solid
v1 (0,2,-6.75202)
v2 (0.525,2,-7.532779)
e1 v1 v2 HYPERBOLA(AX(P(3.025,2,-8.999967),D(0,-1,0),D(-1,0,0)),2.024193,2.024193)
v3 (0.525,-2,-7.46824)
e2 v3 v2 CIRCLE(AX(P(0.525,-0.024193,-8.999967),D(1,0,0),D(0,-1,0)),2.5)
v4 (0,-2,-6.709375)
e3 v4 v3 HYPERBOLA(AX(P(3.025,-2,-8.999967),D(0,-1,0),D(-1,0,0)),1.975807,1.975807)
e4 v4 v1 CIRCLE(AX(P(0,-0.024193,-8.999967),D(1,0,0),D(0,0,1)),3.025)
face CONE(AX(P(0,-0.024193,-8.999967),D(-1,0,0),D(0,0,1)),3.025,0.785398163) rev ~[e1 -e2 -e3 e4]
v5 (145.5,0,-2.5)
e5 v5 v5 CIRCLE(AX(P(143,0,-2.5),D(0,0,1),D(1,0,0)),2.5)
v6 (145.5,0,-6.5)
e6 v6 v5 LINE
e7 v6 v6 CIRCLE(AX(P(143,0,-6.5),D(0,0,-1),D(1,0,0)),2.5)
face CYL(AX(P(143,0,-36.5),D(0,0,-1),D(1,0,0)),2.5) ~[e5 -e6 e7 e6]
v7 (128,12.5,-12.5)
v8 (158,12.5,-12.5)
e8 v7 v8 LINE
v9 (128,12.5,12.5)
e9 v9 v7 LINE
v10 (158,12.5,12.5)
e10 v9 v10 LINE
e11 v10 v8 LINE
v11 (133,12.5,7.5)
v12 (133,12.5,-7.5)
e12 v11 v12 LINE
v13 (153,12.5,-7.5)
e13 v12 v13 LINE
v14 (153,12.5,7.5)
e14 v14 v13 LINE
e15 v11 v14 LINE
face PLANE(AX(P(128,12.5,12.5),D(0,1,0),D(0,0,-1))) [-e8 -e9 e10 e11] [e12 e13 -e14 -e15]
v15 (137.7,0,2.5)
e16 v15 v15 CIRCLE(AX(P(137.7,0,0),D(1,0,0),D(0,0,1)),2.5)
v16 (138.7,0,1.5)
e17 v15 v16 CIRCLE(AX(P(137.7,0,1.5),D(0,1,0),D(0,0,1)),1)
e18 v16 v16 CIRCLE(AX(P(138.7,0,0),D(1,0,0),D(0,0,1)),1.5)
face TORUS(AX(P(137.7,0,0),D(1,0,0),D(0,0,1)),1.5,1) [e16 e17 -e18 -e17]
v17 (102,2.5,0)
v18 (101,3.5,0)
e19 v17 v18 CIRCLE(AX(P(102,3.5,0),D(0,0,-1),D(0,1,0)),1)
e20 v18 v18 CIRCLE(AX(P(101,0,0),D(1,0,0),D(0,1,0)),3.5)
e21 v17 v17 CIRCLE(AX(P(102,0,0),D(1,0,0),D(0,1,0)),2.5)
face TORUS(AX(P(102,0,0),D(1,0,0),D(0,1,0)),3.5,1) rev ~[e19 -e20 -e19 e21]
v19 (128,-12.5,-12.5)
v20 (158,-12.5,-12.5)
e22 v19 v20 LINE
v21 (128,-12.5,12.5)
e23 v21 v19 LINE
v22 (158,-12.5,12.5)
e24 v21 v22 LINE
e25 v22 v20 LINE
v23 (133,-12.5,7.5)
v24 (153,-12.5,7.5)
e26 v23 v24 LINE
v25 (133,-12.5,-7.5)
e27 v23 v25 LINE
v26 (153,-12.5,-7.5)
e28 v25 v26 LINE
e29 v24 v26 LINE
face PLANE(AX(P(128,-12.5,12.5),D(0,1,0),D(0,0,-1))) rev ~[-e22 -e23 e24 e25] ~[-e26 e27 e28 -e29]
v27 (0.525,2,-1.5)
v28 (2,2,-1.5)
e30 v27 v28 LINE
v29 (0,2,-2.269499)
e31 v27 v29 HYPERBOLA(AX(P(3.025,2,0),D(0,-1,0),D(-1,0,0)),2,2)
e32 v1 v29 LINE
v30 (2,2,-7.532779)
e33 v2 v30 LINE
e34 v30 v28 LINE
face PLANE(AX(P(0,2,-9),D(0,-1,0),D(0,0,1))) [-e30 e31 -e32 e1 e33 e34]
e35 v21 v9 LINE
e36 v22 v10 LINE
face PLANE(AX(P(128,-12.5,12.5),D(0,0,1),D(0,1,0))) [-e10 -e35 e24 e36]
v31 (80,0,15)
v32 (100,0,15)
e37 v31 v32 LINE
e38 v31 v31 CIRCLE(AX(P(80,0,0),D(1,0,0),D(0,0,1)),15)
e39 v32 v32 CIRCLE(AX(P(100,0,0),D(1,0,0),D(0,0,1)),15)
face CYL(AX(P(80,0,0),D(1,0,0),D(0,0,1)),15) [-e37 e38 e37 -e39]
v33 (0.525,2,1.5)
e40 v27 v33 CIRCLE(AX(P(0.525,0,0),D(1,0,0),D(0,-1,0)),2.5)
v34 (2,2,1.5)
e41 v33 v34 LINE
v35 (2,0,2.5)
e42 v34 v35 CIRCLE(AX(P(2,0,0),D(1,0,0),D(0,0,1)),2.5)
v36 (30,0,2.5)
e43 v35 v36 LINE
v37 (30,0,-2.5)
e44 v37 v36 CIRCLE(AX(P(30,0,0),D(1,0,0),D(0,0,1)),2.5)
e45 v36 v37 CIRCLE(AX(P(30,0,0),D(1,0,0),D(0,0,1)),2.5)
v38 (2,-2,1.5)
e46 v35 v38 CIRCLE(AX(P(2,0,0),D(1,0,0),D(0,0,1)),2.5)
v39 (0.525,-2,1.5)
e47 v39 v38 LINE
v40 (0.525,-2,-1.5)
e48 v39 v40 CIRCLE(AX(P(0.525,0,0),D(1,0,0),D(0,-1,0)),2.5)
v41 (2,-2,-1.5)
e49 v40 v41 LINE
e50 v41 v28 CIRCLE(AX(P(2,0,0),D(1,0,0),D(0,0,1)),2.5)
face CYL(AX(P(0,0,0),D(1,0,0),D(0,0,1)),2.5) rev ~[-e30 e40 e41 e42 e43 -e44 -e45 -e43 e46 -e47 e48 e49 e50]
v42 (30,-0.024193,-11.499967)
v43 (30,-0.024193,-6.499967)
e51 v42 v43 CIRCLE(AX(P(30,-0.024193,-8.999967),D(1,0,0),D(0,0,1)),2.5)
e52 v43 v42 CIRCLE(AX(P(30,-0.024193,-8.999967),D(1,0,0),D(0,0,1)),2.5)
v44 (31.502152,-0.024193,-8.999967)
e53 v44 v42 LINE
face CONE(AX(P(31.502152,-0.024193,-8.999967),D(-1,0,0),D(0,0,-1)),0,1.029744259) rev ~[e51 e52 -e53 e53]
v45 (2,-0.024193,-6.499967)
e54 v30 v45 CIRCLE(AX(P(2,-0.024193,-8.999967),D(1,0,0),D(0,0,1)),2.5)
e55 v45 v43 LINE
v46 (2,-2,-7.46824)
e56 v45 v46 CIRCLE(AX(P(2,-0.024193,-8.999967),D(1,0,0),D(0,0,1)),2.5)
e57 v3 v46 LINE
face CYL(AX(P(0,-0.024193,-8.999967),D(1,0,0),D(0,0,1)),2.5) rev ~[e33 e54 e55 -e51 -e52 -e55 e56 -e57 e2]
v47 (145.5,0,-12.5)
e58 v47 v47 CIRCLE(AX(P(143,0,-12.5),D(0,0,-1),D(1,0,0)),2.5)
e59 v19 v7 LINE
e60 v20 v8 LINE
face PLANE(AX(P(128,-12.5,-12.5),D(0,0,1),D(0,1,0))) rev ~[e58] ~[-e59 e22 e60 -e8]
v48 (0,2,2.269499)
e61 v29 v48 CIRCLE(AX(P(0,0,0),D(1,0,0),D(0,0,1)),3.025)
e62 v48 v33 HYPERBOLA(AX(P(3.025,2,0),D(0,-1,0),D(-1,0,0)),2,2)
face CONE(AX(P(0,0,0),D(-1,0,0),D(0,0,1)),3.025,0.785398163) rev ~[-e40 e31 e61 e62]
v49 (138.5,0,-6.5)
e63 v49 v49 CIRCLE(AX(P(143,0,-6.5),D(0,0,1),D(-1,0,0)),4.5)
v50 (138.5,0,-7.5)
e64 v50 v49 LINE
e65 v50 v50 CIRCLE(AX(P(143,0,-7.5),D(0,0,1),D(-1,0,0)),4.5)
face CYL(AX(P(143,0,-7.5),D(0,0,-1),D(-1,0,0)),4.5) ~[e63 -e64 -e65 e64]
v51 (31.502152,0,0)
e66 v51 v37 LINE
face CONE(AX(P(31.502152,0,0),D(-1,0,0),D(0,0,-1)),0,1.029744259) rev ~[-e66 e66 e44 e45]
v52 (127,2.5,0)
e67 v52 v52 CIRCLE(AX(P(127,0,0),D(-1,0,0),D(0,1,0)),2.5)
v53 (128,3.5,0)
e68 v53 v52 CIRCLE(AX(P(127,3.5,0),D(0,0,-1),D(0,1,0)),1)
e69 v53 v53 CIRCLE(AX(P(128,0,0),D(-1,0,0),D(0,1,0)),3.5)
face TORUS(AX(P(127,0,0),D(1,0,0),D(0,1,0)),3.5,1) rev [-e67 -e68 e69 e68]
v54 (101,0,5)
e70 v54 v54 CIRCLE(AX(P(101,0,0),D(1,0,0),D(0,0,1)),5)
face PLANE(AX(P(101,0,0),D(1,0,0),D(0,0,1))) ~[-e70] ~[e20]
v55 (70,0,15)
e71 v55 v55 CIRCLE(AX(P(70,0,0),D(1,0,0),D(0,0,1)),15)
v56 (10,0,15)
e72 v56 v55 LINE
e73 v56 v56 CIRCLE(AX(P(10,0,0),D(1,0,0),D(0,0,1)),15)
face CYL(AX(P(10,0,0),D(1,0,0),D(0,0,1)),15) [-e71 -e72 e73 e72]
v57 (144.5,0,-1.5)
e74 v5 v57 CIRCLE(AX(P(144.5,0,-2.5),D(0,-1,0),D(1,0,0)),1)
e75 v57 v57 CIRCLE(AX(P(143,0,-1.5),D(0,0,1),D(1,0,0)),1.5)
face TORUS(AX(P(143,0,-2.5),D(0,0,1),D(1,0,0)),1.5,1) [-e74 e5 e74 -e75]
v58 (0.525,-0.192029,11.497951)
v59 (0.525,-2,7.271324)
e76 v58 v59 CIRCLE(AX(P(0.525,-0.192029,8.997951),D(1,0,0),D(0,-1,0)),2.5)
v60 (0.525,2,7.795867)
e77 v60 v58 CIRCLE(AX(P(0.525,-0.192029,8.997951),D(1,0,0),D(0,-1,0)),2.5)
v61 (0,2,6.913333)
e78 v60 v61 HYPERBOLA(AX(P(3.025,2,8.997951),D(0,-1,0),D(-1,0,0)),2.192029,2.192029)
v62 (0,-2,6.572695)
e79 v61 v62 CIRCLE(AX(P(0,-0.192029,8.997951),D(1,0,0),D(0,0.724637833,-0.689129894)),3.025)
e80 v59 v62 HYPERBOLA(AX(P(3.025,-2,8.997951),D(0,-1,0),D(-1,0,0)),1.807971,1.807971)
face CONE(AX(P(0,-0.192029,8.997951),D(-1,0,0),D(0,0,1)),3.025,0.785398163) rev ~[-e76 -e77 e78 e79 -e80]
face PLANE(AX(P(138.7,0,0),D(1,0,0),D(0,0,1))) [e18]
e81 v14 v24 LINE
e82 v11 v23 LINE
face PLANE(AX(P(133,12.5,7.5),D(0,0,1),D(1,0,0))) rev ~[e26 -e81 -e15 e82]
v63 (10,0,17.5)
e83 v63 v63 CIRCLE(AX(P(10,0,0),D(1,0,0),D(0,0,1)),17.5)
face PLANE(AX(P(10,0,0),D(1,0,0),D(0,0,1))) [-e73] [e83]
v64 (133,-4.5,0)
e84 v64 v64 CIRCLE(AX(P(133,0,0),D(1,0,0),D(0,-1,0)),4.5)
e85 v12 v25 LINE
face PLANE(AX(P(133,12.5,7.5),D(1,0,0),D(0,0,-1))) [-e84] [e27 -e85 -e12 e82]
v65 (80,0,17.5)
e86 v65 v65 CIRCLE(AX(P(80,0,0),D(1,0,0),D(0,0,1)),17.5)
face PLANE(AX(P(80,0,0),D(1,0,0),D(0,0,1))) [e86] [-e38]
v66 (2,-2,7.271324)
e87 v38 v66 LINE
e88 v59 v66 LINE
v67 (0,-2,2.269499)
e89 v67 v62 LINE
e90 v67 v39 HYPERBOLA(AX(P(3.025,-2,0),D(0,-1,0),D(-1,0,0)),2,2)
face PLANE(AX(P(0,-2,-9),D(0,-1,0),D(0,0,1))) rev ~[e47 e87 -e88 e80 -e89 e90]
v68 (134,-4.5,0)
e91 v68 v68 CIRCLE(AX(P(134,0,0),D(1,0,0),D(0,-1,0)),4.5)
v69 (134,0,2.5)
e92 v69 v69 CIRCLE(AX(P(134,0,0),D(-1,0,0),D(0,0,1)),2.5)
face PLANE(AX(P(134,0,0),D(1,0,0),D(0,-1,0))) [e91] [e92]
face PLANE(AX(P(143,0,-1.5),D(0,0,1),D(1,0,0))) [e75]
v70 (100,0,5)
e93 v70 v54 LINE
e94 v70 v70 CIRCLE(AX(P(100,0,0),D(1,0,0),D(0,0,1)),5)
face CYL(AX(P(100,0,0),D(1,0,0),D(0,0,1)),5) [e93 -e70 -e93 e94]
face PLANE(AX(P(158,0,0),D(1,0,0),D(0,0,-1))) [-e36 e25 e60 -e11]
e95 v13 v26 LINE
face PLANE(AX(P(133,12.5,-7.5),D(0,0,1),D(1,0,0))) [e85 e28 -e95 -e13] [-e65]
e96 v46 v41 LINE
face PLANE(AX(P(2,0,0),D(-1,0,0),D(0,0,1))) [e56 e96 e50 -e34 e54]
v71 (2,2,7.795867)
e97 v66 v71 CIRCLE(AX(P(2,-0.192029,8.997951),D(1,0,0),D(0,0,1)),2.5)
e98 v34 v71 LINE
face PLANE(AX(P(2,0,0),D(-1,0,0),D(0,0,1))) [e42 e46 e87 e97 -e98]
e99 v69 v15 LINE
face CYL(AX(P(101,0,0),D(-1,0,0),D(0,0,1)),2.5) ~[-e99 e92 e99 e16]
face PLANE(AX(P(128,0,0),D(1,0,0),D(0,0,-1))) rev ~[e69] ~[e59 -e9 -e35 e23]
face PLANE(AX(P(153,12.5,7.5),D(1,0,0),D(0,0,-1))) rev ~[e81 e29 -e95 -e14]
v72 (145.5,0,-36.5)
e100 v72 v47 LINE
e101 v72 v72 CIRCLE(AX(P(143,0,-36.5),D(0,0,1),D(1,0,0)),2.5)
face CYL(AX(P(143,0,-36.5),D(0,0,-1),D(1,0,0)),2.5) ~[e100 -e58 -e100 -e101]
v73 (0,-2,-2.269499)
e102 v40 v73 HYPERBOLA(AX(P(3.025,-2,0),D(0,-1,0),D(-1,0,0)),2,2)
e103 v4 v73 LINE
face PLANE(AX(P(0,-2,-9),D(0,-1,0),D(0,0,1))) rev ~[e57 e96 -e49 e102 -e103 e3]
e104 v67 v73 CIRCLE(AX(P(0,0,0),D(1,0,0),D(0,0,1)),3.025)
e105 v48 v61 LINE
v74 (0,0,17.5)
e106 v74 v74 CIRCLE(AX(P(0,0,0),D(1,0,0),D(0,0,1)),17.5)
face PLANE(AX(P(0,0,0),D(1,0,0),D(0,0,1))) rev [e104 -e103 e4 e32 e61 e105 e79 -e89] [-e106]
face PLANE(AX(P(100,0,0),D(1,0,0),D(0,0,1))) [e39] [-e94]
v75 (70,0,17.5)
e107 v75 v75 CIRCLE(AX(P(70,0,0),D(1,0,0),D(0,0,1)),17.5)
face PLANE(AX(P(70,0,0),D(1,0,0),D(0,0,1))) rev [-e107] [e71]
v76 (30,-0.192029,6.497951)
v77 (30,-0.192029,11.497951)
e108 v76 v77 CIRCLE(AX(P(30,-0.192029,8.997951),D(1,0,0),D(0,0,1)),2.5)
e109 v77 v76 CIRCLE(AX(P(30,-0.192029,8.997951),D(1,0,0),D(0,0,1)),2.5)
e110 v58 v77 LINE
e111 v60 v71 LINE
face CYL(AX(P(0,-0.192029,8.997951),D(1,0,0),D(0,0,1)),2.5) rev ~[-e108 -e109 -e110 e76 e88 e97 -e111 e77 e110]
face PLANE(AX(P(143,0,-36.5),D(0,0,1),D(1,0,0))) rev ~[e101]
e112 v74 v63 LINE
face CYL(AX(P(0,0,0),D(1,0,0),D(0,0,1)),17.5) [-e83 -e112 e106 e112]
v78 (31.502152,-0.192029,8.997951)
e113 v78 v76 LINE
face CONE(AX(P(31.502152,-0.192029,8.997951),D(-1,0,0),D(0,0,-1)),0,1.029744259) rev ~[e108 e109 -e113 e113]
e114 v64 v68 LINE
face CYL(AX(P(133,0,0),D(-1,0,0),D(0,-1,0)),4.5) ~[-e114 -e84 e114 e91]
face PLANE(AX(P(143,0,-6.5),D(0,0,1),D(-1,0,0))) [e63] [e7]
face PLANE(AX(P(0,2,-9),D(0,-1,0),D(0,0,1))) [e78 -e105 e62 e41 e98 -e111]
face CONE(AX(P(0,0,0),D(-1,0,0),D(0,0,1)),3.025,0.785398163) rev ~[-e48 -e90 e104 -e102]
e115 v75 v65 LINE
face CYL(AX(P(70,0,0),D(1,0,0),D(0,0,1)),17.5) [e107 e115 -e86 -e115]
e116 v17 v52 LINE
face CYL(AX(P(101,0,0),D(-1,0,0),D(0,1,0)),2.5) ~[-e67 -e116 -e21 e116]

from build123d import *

# Parameters (mm, degrees)
SKETCH10_R                  = 2.5
BOSS_EXTRUDE1_DEPTH         = 37
BOSS_EXTRUDE2_START         = -10
SKETCH11_W                  = 25
SKETCH11_H                  = 25
BOSS_EXTRUDE2_DEPTH         = 30
SKETCH13_W                  = 20
SKETCH13_H                  = 15
CUT_EXTRUDE3_DEPTH          = 30
FILLET1_R                   = 1
M6_TAPPED_HOLE1_D           = 5
M6_TAPPED_HOLE1_DEPTH       = 30
M6_TAPPED_HOLE1_CSINK_D     = 6.05
M6_TAPPED_HOLE1_CSINK_ANGLE = 90
M6_TAPPED_HOLE1_TIP         = 1.502151548
M6_TAPPED_HOLE2_D           = 5
M6_TAPPED_HOLE2_DEPTH       = 30
M6_TAPPED_HOLE2_CSINK_D     = 6.05
M6_TAPPED_HOLE2_CSINK_ANGLE = 90
M6_TAPPED_HOLE2_TIP         = 1.502151548
SKETCH9_W                   = 18
SKETCH9_H                   = 4
CUT_EXTRUDE2_DEPTH          = 2
SKETCH14_R                  = 2.5
BOSS_EXTRUDE3_DEPTH         = 37.7
FILLET2_R                   = 1
SKETCH16_R                  = 4.5
BOSS_EXTRUDE4_DEPTH         = 1
SKETCH18_R                  = 4.5
BOSS_EXTRUDE6_DEPTH         = 1
BOSS_EXTRUDE7_DEPTH         = 5
BOSS_EXTRUDE7_DEPTH_BACK    = 30
SKETCH19_R                  = 2.5
FILLET3_R                   = 1


with BuildPart() as part:
    # Sketch2 → Revolve1 (revolve)
    with BuildSketch(Plane.XY):
        Polygon((0, 0), (0, 17.5), (10, 17.5), (10, 15), (70, 15), (70, 17.5), (80, 17.5), (80, 15), (100, 15), (100, 5), (101, 5), (101, 2.5), (101, 0), (70.994843836, 0), align=None)
    revolve(axis=Axis((0, 0, 0), (1, 0, 0)))

    # Sketch10 → Boss-Extrude1 (add)
    with BuildSketch(Plane(origin=(101, 0, 0), x_dir=(0, 0, -1), z_dir=(1, 0, 0))):
        Circle(SKETCH10_R)
    extrude(amount=BOSS_EXTRUDE1_DEPTH)

    # Sketch11 → Boss-Extrude2 (add)
    with BuildSketch(Plane(origin=(138, 0, 0), x_dir=(0, 0, -1), z_dir=(1, 0, 0)).offset(BOSS_EXTRUDE2_START)):
        Rectangle(SKETCH11_W, SKETCH11_H)
    extrude(amount=BOSS_EXTRUDE2_DEPTH)

    # Sketch13 → Cut-Extrude3 (cut)
    with BuildSketch(Plane(origin=(0, 12.5, 0), x_dir=(1, 0, 0), z_dir=(0, 1, 0))):
        with Locations((143, 0)):
            Rectangle(SKETCH13_W, SKETCH13_H)
    extrude(amount=-CUT_EXTRUDE3_DEPTH, mode=Mode.SUBTRACT)

    # Fillet1
    fillet1_edges = [part.edges().sort_by_distance(p)[0] for p in [
        (101, 0, 2.5),
        (128, 0, 2.5),
    ]]
    fillet(fillet1_edges, radius=FILLET1_R)

    # M6 Tapped Hole1
    with Locations(Plane(origin=(0, 0, 0), x_dir=(0, 0, -1), z_dir=(-1, 0, 0))):
        with Locations((0, 0)):
            CounterSinkHole(M6_TAPPED_HOLE1_D / 2, M6_TAPPED_HOLE1_CSINK_D / 2, depth=M6_TAPPED_HOLE1_DEPTH, counter_sink_angle=M6_TAPPED_HOLE1_CSINK_ANGLE)
            with Locations((0, 0, -(M6_TAPPED_HOLE1_DEPTH + M6_TAPPED_HOLE1_TIP / 2))):  # 118° drill point
                Cone(0, M6_TAPPED_HOLE1_D / 2, M6_TAPPED_HOLE1_TIP, mode=Mode.SUBTRACT)

    # M6 Tapped Hole2
    with Locations(Plane(origin=(0, -0.192029445, 8.997951139), x_dir=(0, 0, -1), z_dir=(-1, 0, 0))):
        with Locations((0, 0), (17.997918621, -0.167835984)):
            CounterSinkHole(M6_TAPPED_HOLE2_D / 2, M6_TAPPED_HOLE2_CSINK_D / 2, depth=M6_TAPPED_HOLE2_DEPTH, counter_sink_angle=M6_TAPPED_HOLE2_CSINK_ANGLE)
            with Locations((0, 0, -(M6_TAPPED_HOLE2_DEPTH + M6_TAPPED_HOLE2_TIP / 2))):  # 118° drill point
                Cone(0, M6_TAPPED_HOLE2_D / 2, M6_TAPPED_HOLE2_TIP, mode=Mode.SUBTRACT)

    # Sketch9 → Cut-Extrude2 (cut)
    with BuildSketch(Plane.ZY):
        Rectangle(SKETCH9_W, SKETCH9_H)
    extrude(amount=-CUT_EXTRUDE2_DEPTH, mode=Mode.SUBTRACT)

    # Sketch14 → Boss-Extrude3 (add)
    with BuildSketch(Plane(origin=(101, 0, 0), x_dir=(0, 0, -1), z_dir=(1, 0, 0))):
        Circle(SKETCH14_R)
    extrude(amount=BOSS_EXTRUDE3_DEPTH)

    # Fillet2
    fillet2_edges = [part.edges().sort_by_distance(p)[0] for p in [
        (138.7, 0, 2.5),
    ]]
    fillet(fillet2_edges, radius=FILLET2_R)

    # Sketch16 → Boss-Extrude4 (add)
    with BuildSketch(Plane(origin=(133, 0, 0), x_dir=(0, 0, -1), z_dir=(1, 0, 0))):
        Circle(SKETCH16_R)
    extrude(amount=BOSS_EXTRUDE4_DEPTH)

    # Sketch18 → Boss-Extrude6 (add)
    with BuildSketch(Plane.XY.offset(-7.5)):
        with Locations((143, 0)):
            Circle(SKETCH18_R)
    extrude(amount=BOSS_EXTRUDE6_DEPTH)

    # Sketch19 → Boss-Extrude7 (add, two sides: drawn at the far end of the back side and taken through both)
    with BuildSketch(Plane.XY.offset(-6.5).offset(-BOSS_EXTRUDE7_DEPTH_BACK)):
        with Locations((143, 0)):
            Circle(SKETCH19_R)
    extrude(amount=BOSS_EXTRUDE7_DEPTH + BOSS_EXTRUDE7_DEPTH_BACK)

    # Fillet3
    fillet3_edges = [part.edges().sort_by_distance(p)[0] for p in [
        (140.5, 0, -1.5),
    ]]
    fillet(fillet3_edges, radius=FILLET3_R)


solid = part.part
